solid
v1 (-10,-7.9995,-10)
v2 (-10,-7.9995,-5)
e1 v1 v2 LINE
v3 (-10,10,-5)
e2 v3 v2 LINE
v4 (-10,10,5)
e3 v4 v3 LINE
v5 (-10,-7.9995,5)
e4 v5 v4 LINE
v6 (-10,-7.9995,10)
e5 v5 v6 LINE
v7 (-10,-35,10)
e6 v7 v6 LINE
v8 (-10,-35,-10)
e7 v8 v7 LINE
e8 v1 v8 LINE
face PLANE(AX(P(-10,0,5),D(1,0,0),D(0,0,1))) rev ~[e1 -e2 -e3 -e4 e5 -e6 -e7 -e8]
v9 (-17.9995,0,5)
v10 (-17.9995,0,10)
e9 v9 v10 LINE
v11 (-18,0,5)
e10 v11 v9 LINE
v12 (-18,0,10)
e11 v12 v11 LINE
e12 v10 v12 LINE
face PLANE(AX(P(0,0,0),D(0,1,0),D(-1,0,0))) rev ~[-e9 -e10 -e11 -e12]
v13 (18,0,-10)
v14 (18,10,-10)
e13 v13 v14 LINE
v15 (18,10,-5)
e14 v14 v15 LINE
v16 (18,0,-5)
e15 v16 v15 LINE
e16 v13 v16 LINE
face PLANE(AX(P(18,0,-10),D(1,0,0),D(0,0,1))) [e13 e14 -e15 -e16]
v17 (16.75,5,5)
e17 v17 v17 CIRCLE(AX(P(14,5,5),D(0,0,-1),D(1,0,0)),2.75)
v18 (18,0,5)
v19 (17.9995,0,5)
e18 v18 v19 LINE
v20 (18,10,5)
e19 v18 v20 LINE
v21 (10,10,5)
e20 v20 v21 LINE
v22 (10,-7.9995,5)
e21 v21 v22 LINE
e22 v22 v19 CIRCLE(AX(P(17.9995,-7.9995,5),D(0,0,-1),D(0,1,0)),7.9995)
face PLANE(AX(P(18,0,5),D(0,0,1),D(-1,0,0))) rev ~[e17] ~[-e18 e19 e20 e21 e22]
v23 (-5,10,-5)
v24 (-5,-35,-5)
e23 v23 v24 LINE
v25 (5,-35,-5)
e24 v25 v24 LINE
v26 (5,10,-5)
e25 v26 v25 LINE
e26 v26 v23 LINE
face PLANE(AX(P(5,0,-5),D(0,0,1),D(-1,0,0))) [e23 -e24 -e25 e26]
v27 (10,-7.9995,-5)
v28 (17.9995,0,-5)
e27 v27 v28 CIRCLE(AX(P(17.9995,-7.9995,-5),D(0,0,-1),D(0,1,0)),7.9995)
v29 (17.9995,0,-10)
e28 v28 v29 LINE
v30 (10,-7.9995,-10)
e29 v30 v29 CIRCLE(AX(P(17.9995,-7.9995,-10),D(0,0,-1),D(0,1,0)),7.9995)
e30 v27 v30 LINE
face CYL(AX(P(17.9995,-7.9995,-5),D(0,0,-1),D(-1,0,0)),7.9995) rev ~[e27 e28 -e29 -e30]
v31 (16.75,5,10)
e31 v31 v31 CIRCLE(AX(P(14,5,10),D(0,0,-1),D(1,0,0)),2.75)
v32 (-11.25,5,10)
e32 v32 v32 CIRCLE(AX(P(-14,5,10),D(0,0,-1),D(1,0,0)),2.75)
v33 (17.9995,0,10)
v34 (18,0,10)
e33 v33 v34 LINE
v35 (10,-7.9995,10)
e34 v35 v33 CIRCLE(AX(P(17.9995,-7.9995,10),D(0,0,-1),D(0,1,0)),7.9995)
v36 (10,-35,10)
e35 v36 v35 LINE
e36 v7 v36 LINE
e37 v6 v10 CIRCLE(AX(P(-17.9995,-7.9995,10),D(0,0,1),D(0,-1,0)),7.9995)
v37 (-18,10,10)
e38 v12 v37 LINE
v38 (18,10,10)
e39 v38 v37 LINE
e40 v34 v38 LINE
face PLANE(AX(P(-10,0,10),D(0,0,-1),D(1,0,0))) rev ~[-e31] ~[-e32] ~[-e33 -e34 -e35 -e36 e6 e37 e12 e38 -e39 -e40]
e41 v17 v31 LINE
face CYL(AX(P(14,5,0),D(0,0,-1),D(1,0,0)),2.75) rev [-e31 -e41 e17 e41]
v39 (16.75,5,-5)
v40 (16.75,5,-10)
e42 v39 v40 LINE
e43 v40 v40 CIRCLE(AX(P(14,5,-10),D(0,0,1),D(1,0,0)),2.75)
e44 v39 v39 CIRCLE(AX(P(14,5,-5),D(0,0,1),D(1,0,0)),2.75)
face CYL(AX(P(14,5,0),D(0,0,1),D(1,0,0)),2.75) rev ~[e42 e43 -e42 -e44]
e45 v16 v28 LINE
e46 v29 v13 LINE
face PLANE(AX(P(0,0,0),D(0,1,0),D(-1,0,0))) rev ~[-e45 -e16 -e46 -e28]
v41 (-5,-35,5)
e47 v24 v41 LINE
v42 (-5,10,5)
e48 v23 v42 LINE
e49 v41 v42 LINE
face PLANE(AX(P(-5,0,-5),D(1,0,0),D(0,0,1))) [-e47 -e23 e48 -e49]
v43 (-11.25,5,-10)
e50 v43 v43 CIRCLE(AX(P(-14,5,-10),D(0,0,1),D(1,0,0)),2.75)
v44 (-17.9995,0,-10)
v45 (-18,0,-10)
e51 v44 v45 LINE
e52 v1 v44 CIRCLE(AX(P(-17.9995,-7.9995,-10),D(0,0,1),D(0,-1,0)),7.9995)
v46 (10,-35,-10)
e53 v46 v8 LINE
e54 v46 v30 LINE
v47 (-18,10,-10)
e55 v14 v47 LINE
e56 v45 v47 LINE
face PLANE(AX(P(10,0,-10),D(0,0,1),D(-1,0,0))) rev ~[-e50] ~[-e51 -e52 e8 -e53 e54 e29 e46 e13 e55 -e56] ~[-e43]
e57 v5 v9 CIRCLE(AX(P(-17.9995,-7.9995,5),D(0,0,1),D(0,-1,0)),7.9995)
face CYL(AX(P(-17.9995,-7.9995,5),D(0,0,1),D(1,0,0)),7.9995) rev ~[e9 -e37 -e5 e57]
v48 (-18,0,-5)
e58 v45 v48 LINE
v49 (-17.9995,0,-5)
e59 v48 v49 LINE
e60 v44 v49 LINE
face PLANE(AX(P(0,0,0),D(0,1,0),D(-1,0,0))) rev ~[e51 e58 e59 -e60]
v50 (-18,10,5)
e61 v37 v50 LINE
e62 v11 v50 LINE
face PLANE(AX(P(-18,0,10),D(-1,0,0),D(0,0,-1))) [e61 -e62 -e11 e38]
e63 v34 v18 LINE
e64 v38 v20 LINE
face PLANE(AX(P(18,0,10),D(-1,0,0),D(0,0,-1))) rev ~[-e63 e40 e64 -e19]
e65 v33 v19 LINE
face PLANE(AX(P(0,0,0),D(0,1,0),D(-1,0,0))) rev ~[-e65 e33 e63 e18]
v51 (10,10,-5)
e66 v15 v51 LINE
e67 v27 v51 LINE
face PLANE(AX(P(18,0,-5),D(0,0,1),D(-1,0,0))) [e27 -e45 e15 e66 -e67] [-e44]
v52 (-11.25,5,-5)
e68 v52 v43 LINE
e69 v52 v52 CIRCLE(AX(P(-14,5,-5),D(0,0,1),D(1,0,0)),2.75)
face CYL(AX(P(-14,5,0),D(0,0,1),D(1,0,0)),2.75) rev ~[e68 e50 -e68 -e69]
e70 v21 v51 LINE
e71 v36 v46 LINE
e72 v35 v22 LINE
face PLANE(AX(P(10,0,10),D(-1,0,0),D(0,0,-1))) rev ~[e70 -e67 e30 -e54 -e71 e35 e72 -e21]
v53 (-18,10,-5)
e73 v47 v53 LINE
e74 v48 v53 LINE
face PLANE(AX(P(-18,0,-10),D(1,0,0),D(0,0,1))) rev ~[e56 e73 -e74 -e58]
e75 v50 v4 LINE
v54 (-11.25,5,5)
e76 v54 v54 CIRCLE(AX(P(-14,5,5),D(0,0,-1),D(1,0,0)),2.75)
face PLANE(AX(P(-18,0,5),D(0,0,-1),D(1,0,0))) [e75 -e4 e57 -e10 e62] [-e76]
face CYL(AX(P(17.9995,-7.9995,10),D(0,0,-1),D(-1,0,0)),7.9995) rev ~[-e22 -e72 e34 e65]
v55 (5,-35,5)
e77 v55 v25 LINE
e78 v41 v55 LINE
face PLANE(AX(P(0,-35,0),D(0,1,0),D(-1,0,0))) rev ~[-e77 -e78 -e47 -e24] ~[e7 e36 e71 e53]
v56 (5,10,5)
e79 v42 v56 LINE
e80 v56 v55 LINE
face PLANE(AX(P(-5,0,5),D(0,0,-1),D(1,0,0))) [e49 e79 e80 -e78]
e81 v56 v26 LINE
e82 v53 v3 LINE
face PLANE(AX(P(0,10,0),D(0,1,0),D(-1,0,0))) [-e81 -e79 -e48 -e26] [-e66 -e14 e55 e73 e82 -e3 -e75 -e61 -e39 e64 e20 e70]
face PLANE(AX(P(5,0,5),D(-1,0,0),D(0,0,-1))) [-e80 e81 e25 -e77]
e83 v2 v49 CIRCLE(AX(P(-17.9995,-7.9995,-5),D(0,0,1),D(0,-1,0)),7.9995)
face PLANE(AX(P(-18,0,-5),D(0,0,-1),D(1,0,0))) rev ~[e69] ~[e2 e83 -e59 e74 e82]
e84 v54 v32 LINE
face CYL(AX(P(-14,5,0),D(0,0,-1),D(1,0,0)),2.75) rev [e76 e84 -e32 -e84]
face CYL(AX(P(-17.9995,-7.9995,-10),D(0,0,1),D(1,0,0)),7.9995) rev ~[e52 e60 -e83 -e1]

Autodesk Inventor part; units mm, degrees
ref_plane "YZ Plane" through (0, 0, 0) normal (1, 0, 0) x (0, 1, 0)
ref_plane "XZ Plane" through (0, 0, 0) normal (0, 1, 0) x (-1, 0, 0)
ref_plane "XY Plane" through (0, 0, 0) normal (0, 0, 1) x (1, 0, 0)
sketch "Schizzo1" plane through (0, 0, 0) normal (0, 1, 0) x (-1, 0, 0)
  line L0 (5, 5) -> (-5, 5)
  line L1 (-5, 5) -> (-5, -5)
  line L2 (-5, -5) -> (5, -5)
  line L3 (5, -5) -> (5, 5)
  line L4 (10, 10) -> (-10, 10)
  line L5 (-10, 10) -> (-10, -10)
  line L6 (-10, -10) -> (10, -10)
  line L7 (10, -10) -> (10, 10)
  line L8 (0, 0) -> (14, 0) construction
  line L9 (0, 0) -> (0, -16.4941) construction
  line L10 (10, 10) -> (18, 10)
  line L11 (18, 10) -> (18, 5)
  line L12 (18, 5) -> (10, 5)
  line L13 (10, -10) -> (18, -10)
  line L14 (18, -10) -> (18, -5)
  line L15 (18, -5) -> (10, -5)
  line L16 (-10, 10) -> (-18, 10)
  line L17 (-18, 10) -> (-18, 5)
  line L18 (-18, 5) -> (-10, 5)
  line L19 (-10, -10) -> (-18, -10)
  line L20 (-18, -10) -> (-18, -5)
  line L21 (-18, -5) -> (-10, -5)
  dimension "d0" = 20
  dimension "d1" = 10
  dimension "d2" = 8
  dimension "d3" = 5
extrude "Estrusione1" add sketch "Schizzo1" along normal blind 10 and the other way blind 35 contours L7 L6 L5 L4
extrude "Estrusione2" add sketch "Schizzo1" along normal blind 10 contours L10 L11 L12 L7 | L5 L18 L17 L16 | L15 L14 L13 L7 | L5 L19 L20 L21
fillet "Raccordo1" radius 8 4 edges at (10, 0, 7.5) (10, 0, -7.5) (-10, 0, -7.5) (-10, 0, 7.5)
sketch "Schizzo2" plane through (0, 0, 0) normal (0, 0, 1) x (1, 0, 0)
  line L0 (-18, 0) -> (-18, 10) projected
  line L1 (-18, 10) -> (18, 10) projected
  line L2 (18, 0) -> (18, 10) projected
  arc A0 (18, 0) -> (10, -8) centre (18, -8) ccw projected
  arc A1 (-10, -8) -> (-18, 0) centre (-18, -8) ccw projected
  line L3 (-10, -8) -> (-10, 10) projected
  line L4 (10, 10) -> (10, -8) projected
  circle A2 centre (-14, 5) radius 2.75
  line L5 (0, 0) -> (0, 11.3165) construction
  circle A3 centre (14, 5) radius 2.75
  dimension "d11" = 5.5
  dimension "d12" = 5
  dimension "d13" = 4
extrude "Estrusione3" cut sketch "Schizzo2" along normal through all both and the other way through all contours A2 | A3
equation "\"RaggioPiega\" = Spessore"
equation "\"LarghezzaScaricoPiega\" = Spessore"
equation "\"ProfonditàScaricoPiega\" = 0.5 * Spessore"
equation "\"DimensioniScaricoAngolo\" = 4 * Spessore"
equation "\"ResiduoMinimo\" = 2 * Spessore"
equation "\"RaggioTransizione\" = RaggioPiega"
equation "\"Dimensione_raggio_Jacobi\" = RaggioPiega"
equation "\"DimensioneGioco\" = Spessore"
equation "\"Spessore\" = 0.5"
properties part number "asta con serraggio pinza"
